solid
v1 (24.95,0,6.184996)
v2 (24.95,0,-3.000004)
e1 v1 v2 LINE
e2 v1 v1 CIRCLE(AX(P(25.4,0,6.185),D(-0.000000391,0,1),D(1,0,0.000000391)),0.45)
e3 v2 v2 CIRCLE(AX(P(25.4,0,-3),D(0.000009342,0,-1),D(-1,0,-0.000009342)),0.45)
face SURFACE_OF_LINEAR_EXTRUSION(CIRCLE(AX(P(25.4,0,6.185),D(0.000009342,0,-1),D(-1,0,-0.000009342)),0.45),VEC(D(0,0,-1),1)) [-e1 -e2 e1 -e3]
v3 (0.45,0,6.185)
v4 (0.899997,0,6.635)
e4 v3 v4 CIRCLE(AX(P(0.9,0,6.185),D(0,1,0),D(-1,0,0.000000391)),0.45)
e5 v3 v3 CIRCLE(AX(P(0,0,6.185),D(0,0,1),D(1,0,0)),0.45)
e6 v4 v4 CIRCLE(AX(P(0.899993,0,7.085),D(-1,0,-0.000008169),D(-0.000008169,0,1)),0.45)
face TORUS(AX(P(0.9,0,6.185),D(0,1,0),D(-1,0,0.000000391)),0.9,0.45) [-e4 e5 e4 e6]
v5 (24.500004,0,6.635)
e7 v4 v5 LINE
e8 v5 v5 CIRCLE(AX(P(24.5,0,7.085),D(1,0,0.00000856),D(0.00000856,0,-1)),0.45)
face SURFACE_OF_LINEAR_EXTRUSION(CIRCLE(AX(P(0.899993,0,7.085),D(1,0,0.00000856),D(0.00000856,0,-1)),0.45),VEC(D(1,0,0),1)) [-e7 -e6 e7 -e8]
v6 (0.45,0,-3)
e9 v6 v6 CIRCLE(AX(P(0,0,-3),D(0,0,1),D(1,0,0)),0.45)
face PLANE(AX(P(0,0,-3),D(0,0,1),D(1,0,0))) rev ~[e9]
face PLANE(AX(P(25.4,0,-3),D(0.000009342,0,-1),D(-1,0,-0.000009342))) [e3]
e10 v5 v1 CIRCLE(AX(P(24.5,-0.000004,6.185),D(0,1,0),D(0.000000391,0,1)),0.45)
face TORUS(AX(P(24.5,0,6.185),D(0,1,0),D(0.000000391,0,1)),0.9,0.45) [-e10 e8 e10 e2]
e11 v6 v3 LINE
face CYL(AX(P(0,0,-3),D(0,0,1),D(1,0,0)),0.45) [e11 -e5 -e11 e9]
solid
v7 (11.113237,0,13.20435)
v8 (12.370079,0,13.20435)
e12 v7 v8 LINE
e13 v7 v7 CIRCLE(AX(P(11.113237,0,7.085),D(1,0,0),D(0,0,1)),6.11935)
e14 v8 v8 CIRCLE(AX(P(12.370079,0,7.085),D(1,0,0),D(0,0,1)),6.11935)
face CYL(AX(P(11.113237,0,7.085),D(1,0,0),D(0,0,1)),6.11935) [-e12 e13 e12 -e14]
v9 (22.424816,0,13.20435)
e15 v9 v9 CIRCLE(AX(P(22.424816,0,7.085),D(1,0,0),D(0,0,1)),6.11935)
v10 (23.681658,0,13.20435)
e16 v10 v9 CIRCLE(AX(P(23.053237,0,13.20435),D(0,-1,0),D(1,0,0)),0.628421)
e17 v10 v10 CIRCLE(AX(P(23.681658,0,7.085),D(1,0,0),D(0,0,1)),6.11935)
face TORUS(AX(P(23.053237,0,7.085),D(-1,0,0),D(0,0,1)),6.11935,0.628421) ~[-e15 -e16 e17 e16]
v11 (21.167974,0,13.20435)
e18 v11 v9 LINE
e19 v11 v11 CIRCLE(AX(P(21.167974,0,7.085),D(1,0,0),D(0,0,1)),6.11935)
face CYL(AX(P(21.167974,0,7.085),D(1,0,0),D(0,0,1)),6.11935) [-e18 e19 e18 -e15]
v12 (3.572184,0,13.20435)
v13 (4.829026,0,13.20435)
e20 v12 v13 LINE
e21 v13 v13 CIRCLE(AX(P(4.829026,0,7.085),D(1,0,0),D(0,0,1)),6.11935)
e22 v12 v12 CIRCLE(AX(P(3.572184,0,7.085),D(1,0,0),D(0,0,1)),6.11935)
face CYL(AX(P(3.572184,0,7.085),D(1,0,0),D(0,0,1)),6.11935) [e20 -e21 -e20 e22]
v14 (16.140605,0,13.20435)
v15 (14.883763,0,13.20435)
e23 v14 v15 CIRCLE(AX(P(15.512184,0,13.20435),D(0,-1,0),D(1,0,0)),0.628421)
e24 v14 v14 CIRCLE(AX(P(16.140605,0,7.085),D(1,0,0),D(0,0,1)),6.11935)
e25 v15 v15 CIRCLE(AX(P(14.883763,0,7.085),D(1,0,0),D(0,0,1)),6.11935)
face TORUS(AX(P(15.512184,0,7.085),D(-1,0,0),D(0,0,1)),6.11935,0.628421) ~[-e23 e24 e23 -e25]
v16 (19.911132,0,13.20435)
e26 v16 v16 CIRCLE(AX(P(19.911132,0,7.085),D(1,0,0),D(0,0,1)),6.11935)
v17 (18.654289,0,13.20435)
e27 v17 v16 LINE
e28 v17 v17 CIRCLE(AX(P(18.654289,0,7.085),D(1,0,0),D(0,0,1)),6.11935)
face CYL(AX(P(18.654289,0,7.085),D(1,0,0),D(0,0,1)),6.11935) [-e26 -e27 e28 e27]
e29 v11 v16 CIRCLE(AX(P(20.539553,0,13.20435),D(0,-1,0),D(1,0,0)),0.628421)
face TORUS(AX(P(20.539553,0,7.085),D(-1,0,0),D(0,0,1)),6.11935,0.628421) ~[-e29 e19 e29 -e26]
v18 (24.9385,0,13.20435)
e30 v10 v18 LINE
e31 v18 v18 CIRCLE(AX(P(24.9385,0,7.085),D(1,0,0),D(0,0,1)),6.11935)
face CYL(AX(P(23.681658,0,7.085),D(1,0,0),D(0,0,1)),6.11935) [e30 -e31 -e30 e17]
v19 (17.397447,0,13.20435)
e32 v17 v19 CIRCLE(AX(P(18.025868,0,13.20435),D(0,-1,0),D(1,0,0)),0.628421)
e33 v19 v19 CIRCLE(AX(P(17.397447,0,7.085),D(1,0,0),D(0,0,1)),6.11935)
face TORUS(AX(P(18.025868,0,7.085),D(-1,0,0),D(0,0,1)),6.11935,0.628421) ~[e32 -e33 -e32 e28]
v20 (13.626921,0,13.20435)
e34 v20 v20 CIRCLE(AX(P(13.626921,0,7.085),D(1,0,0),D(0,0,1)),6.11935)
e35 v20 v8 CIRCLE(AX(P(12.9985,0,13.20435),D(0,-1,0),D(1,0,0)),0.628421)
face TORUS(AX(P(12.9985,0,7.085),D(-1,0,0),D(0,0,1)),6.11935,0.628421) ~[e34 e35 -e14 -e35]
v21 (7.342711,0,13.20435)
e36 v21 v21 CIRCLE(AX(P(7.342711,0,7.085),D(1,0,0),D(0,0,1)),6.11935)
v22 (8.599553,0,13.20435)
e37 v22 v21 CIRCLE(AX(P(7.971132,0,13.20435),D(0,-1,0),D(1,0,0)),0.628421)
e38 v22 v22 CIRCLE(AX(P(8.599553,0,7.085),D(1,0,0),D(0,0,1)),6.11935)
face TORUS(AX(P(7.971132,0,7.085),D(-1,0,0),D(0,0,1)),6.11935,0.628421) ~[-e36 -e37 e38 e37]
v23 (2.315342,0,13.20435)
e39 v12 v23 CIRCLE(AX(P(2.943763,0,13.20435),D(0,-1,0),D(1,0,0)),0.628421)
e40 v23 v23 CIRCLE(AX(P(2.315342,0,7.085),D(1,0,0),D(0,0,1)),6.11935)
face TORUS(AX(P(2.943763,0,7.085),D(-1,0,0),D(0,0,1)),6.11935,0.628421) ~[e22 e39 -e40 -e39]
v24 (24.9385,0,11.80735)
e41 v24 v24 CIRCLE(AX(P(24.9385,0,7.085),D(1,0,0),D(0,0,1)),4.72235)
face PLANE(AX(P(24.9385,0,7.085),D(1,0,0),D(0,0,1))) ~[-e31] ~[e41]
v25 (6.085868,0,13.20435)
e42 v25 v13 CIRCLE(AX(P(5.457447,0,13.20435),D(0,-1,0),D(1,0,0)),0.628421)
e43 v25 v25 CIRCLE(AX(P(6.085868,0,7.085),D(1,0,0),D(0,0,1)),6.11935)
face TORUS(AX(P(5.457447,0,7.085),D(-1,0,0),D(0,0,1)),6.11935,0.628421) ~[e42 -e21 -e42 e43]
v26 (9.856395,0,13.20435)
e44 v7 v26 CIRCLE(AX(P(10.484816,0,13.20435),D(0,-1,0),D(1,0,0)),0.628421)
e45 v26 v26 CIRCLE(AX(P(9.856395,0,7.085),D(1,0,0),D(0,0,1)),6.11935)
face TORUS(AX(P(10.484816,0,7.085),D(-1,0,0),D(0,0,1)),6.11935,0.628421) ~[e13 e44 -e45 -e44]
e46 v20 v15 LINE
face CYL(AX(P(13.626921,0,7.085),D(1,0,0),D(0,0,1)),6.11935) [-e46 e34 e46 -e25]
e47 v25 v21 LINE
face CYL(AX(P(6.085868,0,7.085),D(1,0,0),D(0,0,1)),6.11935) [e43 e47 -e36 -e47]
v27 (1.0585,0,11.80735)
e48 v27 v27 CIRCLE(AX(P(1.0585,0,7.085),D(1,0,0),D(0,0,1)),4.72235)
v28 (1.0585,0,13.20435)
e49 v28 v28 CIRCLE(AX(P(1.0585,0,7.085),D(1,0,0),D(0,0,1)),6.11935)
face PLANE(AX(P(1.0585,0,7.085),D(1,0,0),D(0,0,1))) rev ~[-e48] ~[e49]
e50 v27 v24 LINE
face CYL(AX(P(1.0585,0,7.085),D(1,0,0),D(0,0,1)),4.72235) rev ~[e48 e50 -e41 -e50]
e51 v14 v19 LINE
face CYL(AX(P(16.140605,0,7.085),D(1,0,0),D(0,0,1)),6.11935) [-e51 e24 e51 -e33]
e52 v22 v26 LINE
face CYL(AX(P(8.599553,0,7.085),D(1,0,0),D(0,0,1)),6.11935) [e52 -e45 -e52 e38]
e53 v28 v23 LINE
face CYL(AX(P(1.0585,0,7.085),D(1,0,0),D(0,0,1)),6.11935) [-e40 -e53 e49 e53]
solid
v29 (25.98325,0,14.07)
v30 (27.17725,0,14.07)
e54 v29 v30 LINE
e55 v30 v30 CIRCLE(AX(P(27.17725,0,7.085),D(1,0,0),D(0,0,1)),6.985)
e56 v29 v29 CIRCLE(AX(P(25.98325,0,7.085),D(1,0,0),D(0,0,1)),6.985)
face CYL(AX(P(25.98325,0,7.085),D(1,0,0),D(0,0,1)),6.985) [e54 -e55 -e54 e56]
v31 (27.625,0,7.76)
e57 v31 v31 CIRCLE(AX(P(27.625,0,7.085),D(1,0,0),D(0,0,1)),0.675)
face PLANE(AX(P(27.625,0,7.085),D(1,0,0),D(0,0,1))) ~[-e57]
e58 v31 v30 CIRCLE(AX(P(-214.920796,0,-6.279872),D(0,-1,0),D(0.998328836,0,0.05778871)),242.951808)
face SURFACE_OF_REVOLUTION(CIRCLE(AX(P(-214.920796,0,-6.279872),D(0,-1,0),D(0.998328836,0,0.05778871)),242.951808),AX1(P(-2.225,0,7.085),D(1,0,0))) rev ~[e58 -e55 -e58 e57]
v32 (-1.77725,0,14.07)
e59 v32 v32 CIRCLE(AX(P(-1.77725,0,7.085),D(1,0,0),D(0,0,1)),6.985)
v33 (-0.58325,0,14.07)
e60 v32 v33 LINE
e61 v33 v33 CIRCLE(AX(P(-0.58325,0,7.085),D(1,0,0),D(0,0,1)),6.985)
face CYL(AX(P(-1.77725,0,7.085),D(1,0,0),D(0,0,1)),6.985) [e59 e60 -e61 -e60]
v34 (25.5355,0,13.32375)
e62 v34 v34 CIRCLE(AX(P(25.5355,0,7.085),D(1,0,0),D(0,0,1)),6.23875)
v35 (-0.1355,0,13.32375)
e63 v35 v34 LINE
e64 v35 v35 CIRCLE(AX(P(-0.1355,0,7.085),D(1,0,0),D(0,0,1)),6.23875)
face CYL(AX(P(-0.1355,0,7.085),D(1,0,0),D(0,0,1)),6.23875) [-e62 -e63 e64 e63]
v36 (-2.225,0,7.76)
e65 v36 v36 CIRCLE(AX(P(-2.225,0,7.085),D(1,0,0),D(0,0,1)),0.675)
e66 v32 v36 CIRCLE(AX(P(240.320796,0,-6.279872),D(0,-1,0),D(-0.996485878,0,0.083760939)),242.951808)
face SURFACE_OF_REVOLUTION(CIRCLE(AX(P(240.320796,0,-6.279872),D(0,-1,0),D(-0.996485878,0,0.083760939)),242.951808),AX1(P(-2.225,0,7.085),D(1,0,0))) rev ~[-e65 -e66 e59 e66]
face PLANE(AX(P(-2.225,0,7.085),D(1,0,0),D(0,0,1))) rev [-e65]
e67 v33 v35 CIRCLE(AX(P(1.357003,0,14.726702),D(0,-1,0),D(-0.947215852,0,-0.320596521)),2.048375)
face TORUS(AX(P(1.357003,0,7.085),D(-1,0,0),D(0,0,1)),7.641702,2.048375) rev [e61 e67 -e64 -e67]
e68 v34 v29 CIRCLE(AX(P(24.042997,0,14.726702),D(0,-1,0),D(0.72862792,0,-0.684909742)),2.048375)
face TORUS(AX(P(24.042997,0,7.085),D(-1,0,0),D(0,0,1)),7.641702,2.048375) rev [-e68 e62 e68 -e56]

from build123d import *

# Parameters (mm, degrees)
SKETCH_R = 0.45


with BuildPart() as revolution:
    # Sketch002 → Revolution (revolve)
    with BuildSketch(Plane.XZ):
        with BuildLine():
            Line((-1.77725, 14.07), (-0.58325, 14.07))
            ThreePointArc((-0.58325, 14.07), (-0.399464, 13.672822), (-0.1355, 13.32375))
            Line((-0.1355, 13.32375), (25.5355, 13.32375))
            ThreePointArc((25.5355, 13.32375), (25.799464, 13.672822), (25.98325, 14.07))
            Line((25.98325, 14.07), (27.17725, 14.07))
            ThreePointArc((27.625, 7.76), (27.421663, 10.916457), (27.17725, 14.07))
            Line((27.625, 7.085), (27.625, 7.76))
            Line((-2.225, 7.085), (27.625, 7.085))
            Line((-2.225, 7.085), (-2.225, 7.76))
            ThreePointArc((-1.77725, 14.07), (-2.021663, 10.916457), (-2.225, 7.76))
        make_face()
    revolve(axis=Axis((-2.225, 0, 7.085), (1, 0, 0)))


with BuildPart() as sweep_body:
    # Sweep: sweep along a path in Sketch001
    with BuildLine(Plane.XZ) as sweep_path:
        Line((0, -3), (0, 6.185))
        ThreePointArc((0, 6.185), (0.263601, 6.821393), (0.899993, 7.085))
        Line((0.899993, 7.085), (24.5, 7.085))
        ThreePointArc((24.5, 7.085), (25.136396, 6.821396), (25.4, 6.185))
        Line((25.4, 6.185), (25.4, -3))
    # Sketch → Sweep (sweep)
    with BuildSketch(Plane.XY.offset(-2)):
        Circle(SKETCH_R)
    sweep(path=sweep_path.line)


with BuildPart() as revolution001:
    # Sketch003 → Revolution001 (revolve)
    with BuildSketch(Plane.XZ):
        with BuildLine():
            ThreePointArc((3.572184, 13.20435), (2.943763, 13.832771), (2.315342, 13.20435))
            Line((1.0585, 13.20435), (2.315342, 13.20435))
            Line((1.0585, 13.20435), (1.0585, 11.80735))
            Line((1.0585, 11.80735), (24.9385, 11.80735))
            Line((24.9385, 11.80735), (24.9385, 13.20435))
            Line((23.681658, 13.20435), (24.9385, 13.20435))
            ThreePointArc((23.681658, 13.20435), (23.053237, 13.832771), (22.424816, 13.20435))
            Line((21.167974, 13.20435), (22.424816, 13.20435))
            ThreePointArc((21.167974, 13.20435), (20.539553, 13.832771), (19.911132, 13.20435))
            Line((18.654289, 13.20435), (19.911132, 13.20435))
            ThreePointArc((18.654289, 13.20435), (18.025868, 13.832771), (17.397447, 13.20435))
            Line((16.140605, 13.20435), (17.397447, 13.20435))
            ThreePointArc((16.140605, 13.20435), (15.512184, 13.832771), (14.883763, 13.20435))
            Line((13.626921, 13.20435), (14.883763, 13.20435))
            ThreePointArc((13.626921, 13.20435), (12.9985, 13.832771), (12.370079, 13.20435))
            Line((11.113237, 13.20435), (12.370079, 13.20435))
            ThreePointArc((11.113237, 13.20435), (10.484816, 13.832771), (9.856395, 13.20435))
            Line((8.599553, 13.20435), (9.856395, 13.20435))
            ThreePointArc((8.599553, 13.20435), (7.971132, 13.832771), (7.342711, 13.20435))
            Line((6.085868, 13.20435), (7.342711, 13.20435))
            ThreePointArc((6.085868, 13.20435), (5.457447, 13.832771), (4.829026, 13.20435))
            Line((3.572184, 13.20435), (4.829026, 13.20435))
        make_face()
    revolve(axis=Axis((-1.47875, 0, 7.085), (1, 0, 0)))


solid = Compound([revolution.part, sweep_body.part, revolution001.part])
